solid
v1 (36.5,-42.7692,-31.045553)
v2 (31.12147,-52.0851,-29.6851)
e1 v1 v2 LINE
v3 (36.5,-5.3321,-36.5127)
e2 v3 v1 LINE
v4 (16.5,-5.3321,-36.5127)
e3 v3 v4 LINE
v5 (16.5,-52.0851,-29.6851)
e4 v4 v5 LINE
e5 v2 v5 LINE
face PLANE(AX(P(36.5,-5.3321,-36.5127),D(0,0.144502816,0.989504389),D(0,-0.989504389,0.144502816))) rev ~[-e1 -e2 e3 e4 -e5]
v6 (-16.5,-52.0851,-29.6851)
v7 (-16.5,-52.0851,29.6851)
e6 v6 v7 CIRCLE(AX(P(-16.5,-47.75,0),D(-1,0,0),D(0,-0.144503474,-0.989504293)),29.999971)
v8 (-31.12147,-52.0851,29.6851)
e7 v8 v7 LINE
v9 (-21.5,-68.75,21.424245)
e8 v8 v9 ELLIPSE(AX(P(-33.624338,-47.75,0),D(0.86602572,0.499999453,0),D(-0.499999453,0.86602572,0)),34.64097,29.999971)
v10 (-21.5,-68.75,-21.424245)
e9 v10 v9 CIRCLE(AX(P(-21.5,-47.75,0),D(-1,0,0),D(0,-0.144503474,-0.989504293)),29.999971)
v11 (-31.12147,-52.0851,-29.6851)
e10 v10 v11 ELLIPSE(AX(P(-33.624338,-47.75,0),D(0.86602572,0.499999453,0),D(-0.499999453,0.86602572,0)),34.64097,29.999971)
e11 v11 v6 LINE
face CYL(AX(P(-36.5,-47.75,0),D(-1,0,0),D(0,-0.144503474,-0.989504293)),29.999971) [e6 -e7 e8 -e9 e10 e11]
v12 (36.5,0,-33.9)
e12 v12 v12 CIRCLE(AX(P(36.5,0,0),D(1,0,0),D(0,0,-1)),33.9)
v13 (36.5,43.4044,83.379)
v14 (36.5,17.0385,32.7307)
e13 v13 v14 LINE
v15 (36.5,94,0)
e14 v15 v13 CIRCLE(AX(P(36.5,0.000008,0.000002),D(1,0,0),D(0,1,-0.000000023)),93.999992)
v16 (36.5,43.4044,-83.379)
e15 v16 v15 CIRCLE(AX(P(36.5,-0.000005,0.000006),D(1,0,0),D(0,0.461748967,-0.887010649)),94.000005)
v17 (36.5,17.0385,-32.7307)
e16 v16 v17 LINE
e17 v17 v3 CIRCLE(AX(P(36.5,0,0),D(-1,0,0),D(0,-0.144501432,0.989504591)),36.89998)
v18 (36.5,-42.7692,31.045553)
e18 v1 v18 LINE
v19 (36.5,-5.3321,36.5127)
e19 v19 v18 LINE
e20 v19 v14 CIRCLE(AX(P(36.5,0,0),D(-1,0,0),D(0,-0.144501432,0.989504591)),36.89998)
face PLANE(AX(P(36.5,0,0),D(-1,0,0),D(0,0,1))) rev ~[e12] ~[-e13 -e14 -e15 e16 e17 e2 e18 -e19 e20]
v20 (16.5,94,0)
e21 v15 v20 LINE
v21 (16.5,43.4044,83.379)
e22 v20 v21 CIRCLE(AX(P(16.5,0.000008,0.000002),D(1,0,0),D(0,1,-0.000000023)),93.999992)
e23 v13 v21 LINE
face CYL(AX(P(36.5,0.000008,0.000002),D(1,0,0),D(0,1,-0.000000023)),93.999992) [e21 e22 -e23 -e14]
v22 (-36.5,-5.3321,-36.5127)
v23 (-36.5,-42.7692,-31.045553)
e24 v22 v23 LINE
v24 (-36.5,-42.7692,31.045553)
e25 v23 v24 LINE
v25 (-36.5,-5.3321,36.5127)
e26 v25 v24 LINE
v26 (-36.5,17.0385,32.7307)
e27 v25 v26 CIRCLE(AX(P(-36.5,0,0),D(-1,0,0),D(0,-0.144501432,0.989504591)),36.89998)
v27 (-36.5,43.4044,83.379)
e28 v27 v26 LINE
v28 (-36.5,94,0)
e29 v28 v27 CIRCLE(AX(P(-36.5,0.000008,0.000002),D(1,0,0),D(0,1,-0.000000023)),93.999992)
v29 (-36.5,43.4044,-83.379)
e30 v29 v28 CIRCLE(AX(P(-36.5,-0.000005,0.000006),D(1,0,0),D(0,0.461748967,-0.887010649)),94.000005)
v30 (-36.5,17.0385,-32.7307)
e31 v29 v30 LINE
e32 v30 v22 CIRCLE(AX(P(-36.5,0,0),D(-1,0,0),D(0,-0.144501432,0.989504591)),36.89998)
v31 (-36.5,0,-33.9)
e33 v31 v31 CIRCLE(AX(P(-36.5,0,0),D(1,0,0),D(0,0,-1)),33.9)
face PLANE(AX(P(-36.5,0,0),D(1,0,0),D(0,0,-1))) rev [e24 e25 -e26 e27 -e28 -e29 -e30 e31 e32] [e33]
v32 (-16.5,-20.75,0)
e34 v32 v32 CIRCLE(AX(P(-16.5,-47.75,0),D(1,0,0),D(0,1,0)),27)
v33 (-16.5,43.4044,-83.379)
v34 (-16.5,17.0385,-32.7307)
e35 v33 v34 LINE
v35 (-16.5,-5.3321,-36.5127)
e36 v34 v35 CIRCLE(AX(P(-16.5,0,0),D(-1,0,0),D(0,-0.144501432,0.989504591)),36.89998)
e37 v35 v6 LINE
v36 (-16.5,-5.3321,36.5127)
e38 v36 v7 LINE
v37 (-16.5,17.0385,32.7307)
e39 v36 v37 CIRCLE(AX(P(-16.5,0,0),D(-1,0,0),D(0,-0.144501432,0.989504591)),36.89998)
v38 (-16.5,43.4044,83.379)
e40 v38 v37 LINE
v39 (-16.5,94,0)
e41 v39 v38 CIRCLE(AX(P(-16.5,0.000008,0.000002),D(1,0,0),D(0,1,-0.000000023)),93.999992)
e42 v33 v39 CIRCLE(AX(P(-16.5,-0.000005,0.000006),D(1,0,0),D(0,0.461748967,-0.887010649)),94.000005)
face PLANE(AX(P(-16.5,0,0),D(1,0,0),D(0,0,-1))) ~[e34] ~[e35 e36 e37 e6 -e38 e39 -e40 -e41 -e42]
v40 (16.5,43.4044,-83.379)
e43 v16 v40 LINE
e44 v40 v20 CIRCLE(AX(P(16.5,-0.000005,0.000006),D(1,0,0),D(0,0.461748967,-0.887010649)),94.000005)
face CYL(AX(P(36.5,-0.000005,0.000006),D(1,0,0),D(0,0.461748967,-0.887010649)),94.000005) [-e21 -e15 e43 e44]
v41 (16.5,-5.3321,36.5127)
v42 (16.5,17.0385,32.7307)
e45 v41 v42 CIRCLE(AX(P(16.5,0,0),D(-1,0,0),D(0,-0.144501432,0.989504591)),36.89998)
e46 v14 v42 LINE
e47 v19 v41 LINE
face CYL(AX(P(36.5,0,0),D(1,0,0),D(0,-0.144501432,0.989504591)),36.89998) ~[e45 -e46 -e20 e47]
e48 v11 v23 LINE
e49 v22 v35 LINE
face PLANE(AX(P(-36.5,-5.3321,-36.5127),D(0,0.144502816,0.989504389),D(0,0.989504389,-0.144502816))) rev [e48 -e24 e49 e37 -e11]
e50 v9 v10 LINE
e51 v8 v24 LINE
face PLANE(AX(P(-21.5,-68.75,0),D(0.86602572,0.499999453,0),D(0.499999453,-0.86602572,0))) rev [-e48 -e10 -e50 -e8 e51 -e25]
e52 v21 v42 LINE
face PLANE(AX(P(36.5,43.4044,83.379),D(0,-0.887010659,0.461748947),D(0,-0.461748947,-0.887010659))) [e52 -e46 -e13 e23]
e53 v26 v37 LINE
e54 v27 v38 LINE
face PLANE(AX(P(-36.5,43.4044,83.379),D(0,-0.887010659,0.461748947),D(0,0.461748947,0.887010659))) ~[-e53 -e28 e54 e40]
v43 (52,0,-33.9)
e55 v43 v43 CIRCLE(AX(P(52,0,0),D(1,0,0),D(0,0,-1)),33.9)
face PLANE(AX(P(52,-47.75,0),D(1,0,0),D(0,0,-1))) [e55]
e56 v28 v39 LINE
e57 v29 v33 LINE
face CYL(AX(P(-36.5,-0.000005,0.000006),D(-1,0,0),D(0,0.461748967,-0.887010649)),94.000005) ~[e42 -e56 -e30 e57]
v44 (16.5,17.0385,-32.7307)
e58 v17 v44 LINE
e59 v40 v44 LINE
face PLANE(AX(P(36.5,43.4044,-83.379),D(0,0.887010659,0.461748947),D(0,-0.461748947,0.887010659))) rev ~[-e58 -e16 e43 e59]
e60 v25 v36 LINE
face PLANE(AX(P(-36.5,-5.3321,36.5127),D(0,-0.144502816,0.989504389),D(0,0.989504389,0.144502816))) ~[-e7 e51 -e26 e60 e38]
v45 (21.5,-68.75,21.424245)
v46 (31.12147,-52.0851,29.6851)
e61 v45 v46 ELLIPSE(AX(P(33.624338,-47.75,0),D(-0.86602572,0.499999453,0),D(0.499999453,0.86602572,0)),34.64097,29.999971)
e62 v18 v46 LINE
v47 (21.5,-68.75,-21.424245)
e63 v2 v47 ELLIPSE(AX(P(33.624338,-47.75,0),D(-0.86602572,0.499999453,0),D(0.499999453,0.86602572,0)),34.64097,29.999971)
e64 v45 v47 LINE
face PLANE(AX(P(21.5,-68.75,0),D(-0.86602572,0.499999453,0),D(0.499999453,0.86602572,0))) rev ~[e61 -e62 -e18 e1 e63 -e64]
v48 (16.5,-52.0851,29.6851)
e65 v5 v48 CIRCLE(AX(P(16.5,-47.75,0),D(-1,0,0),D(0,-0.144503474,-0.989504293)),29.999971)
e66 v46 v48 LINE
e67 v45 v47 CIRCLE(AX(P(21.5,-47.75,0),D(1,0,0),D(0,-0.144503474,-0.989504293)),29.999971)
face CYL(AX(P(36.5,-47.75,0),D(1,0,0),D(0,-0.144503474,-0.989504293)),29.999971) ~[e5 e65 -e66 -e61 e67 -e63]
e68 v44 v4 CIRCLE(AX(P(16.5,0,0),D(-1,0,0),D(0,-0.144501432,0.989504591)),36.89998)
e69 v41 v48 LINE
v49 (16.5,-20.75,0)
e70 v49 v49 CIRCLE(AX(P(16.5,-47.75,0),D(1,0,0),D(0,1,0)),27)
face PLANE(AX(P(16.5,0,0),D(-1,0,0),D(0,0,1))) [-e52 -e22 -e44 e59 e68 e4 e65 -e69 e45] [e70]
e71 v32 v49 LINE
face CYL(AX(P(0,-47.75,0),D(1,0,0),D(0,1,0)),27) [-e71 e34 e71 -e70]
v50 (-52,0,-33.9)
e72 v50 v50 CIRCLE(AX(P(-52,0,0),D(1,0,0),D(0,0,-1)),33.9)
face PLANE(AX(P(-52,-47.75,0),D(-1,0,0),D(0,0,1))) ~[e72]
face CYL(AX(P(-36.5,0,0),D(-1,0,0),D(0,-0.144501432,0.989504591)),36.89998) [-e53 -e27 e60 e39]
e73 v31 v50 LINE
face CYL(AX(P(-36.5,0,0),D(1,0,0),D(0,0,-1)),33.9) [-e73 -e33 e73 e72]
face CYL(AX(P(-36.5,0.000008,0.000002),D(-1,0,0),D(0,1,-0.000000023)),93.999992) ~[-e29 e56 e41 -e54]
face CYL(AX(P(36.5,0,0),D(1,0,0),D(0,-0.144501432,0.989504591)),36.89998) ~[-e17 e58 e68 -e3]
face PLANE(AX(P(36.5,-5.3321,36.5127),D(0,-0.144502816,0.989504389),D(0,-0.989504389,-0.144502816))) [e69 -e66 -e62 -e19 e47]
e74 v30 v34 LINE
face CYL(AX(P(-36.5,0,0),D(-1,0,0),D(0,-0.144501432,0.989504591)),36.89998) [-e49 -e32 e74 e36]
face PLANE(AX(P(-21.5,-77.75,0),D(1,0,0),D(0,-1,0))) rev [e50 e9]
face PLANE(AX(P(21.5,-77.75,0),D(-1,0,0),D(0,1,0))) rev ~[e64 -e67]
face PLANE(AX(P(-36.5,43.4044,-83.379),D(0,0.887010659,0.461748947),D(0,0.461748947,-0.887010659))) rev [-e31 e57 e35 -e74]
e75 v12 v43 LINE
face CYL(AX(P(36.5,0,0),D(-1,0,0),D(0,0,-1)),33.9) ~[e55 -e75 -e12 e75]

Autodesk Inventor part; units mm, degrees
ref_plane "YZ Plane" through (0, 0, 0) normal (1, 0, 0) x (0, 1, 0)
ref_plane "XZ Plane" through (0, 0, 0) normal (0, 1, 0) x (-1, 0, 0)
sketch "Эскиз1" plane through (0, 0, 0) normal (1, 0, 0) x (0, 1, 0)
  circle A0 centre (0, 0) radius 27
  dimension "d0" = 54
extrude "Выдавливание1" add sketch "Эскиз1" along normal blind 16.5
ref_plane "РабПлоскость1" through (36.5, 0, 0) normal (1, 0, 0) x (0, 0, -1)
sketch "Эскиз2" plane through (36.5, 0, 0) normal (1, 0, 0) x (0, 0, -1)
  circle A0 centre (0, 47.75) radius 33.9
  point P0 (0, 0)
  dimension "d4" = 67.8
  dimension "d5" = 47.75
extrude "Выдавливание2" add sketch "Эскиз2" along normal blind 15.5
sketch "Эскиз3" plane through (36.5, 47.75, 0) normal (-1, 0, 0) x (0, 0, 1)
  circle A0 centre (0, 0) radius 33.9 projected
  arc A1 (-29.6851, -52.0851) -> (29.6851, -52.0851) centre (0, -47.75) ccw
  circle A2 centre (0, -47.75) radius 27 projected
  line L0 (36.5127, -5.3321) -> (29.6851, -52.0851)
  line L1 (-36.5127, -5.3321) -> (-29.6851, -52.0851)
  arc A3 (36.5127, -5.3321) -> (-36.5127, -5.3321) centre (0, 0) ccw
  dimension "d11" = 3
  dimension "d12" = 3
extrude "Выдавливание3" add sketch "Эскиз3" along normal up to surface (20 mm away) contours A0 A2 | A2 A0 | A0 A2 | L1 A3 L0 A1
sketch "Эскиз15" plane through (36.5, 47.75, 0) normal (1, 0, 0) x (0, 0, -1)
  arc A0 (0, 94) -> (-83.379, 43.4044) centre (0, 0) ccw
  line L0 (-83.379, 43.4044) -> (0, 0)
  line L1 (0, -114.4319) -> (0, 142.3414) projected
  arc A1 (83.379, 43.4044) -> (0, 94) centre (0, 0) ccw
  line L2 (83.379, 43.4044) -> (0, 0)
  arc A2 (36.5127, -5.3321) -> (-36.5127, -5.3321) centre (0, 0) ccw projected
  arc A3 (32.7307, 17.0385) -> (-32.7307, 17.0385) centre (0, 0) ccw
  point P0 (0, -47.75)
  dimension "d66" = 94
  dimension "d67" = 62.5
extrude "Выдавливание10" add sketch "Эскиз15" against normal up to surface (20 mm away) contours L1 A2 L0 A0 | A1 L2 A2 L1
sketch "Эскиз4" plane through (0, 0, 0) normal (0, 0, 1) x (1, 0, 0)
  line L0 (16.5, 31.9847) -> (31.5, 78.15)
  line L1 (31.5, 78.15) -> (31.5, 84.65)
  line L2 (36.5, 84.65) -> (16.5, 84.65) projected
  line L3 (31.5, 84.65) -> (31.0691, 84.65)
  line L4 (36.5, 84.65) -> (36.5, 42.4179) projected
  line L5 (16.5, 84.65) -> (16.5, 42.4179) projected
  line L6 (16.5, 84.65) -> (16.5, 31.9847)
  line L7 (36.5, -30) -> (16.5, -30) projected
  line L8 (21.5, -30) -> (21.5, -21)
  line L9 (21.5, -21) -> (36.5, 4.9808)
  line L10 (36.5, 4.9808) -> (36.5, -30)
  line L11 (36.5, -30) -> (21.5, -30)
  line L12 (16.5, -4.3351) -> (16.5, -30) projected
  point P0 (0, 0)
  dimension "d23" = 5
  dimension "d24" = 6.5
  dimension "d25" = 72
  dimension "d26" = 60
  dimension "d27" = 5
  dimension "d28" = 9
extrude "Выдавливание5" cut sketch "Эскиз4" along normal through all both and the other way through all contours L7 L8 L9 L10
mirror "Зеркальное отражение5" about plane through (0, 0, 0) normal (-1, 0, 0) of "Выдавливание3", "Выдавливание2", "Выдавливание10", "Выдавливание5", "Выдавливание1"
move or copy body "Переместить тело3" bodies to move or copy 1 copy no translate (0, -47.75, 0)
properties part number "crankshaft" material "Сталь, высокопрочная, низколегированная"
